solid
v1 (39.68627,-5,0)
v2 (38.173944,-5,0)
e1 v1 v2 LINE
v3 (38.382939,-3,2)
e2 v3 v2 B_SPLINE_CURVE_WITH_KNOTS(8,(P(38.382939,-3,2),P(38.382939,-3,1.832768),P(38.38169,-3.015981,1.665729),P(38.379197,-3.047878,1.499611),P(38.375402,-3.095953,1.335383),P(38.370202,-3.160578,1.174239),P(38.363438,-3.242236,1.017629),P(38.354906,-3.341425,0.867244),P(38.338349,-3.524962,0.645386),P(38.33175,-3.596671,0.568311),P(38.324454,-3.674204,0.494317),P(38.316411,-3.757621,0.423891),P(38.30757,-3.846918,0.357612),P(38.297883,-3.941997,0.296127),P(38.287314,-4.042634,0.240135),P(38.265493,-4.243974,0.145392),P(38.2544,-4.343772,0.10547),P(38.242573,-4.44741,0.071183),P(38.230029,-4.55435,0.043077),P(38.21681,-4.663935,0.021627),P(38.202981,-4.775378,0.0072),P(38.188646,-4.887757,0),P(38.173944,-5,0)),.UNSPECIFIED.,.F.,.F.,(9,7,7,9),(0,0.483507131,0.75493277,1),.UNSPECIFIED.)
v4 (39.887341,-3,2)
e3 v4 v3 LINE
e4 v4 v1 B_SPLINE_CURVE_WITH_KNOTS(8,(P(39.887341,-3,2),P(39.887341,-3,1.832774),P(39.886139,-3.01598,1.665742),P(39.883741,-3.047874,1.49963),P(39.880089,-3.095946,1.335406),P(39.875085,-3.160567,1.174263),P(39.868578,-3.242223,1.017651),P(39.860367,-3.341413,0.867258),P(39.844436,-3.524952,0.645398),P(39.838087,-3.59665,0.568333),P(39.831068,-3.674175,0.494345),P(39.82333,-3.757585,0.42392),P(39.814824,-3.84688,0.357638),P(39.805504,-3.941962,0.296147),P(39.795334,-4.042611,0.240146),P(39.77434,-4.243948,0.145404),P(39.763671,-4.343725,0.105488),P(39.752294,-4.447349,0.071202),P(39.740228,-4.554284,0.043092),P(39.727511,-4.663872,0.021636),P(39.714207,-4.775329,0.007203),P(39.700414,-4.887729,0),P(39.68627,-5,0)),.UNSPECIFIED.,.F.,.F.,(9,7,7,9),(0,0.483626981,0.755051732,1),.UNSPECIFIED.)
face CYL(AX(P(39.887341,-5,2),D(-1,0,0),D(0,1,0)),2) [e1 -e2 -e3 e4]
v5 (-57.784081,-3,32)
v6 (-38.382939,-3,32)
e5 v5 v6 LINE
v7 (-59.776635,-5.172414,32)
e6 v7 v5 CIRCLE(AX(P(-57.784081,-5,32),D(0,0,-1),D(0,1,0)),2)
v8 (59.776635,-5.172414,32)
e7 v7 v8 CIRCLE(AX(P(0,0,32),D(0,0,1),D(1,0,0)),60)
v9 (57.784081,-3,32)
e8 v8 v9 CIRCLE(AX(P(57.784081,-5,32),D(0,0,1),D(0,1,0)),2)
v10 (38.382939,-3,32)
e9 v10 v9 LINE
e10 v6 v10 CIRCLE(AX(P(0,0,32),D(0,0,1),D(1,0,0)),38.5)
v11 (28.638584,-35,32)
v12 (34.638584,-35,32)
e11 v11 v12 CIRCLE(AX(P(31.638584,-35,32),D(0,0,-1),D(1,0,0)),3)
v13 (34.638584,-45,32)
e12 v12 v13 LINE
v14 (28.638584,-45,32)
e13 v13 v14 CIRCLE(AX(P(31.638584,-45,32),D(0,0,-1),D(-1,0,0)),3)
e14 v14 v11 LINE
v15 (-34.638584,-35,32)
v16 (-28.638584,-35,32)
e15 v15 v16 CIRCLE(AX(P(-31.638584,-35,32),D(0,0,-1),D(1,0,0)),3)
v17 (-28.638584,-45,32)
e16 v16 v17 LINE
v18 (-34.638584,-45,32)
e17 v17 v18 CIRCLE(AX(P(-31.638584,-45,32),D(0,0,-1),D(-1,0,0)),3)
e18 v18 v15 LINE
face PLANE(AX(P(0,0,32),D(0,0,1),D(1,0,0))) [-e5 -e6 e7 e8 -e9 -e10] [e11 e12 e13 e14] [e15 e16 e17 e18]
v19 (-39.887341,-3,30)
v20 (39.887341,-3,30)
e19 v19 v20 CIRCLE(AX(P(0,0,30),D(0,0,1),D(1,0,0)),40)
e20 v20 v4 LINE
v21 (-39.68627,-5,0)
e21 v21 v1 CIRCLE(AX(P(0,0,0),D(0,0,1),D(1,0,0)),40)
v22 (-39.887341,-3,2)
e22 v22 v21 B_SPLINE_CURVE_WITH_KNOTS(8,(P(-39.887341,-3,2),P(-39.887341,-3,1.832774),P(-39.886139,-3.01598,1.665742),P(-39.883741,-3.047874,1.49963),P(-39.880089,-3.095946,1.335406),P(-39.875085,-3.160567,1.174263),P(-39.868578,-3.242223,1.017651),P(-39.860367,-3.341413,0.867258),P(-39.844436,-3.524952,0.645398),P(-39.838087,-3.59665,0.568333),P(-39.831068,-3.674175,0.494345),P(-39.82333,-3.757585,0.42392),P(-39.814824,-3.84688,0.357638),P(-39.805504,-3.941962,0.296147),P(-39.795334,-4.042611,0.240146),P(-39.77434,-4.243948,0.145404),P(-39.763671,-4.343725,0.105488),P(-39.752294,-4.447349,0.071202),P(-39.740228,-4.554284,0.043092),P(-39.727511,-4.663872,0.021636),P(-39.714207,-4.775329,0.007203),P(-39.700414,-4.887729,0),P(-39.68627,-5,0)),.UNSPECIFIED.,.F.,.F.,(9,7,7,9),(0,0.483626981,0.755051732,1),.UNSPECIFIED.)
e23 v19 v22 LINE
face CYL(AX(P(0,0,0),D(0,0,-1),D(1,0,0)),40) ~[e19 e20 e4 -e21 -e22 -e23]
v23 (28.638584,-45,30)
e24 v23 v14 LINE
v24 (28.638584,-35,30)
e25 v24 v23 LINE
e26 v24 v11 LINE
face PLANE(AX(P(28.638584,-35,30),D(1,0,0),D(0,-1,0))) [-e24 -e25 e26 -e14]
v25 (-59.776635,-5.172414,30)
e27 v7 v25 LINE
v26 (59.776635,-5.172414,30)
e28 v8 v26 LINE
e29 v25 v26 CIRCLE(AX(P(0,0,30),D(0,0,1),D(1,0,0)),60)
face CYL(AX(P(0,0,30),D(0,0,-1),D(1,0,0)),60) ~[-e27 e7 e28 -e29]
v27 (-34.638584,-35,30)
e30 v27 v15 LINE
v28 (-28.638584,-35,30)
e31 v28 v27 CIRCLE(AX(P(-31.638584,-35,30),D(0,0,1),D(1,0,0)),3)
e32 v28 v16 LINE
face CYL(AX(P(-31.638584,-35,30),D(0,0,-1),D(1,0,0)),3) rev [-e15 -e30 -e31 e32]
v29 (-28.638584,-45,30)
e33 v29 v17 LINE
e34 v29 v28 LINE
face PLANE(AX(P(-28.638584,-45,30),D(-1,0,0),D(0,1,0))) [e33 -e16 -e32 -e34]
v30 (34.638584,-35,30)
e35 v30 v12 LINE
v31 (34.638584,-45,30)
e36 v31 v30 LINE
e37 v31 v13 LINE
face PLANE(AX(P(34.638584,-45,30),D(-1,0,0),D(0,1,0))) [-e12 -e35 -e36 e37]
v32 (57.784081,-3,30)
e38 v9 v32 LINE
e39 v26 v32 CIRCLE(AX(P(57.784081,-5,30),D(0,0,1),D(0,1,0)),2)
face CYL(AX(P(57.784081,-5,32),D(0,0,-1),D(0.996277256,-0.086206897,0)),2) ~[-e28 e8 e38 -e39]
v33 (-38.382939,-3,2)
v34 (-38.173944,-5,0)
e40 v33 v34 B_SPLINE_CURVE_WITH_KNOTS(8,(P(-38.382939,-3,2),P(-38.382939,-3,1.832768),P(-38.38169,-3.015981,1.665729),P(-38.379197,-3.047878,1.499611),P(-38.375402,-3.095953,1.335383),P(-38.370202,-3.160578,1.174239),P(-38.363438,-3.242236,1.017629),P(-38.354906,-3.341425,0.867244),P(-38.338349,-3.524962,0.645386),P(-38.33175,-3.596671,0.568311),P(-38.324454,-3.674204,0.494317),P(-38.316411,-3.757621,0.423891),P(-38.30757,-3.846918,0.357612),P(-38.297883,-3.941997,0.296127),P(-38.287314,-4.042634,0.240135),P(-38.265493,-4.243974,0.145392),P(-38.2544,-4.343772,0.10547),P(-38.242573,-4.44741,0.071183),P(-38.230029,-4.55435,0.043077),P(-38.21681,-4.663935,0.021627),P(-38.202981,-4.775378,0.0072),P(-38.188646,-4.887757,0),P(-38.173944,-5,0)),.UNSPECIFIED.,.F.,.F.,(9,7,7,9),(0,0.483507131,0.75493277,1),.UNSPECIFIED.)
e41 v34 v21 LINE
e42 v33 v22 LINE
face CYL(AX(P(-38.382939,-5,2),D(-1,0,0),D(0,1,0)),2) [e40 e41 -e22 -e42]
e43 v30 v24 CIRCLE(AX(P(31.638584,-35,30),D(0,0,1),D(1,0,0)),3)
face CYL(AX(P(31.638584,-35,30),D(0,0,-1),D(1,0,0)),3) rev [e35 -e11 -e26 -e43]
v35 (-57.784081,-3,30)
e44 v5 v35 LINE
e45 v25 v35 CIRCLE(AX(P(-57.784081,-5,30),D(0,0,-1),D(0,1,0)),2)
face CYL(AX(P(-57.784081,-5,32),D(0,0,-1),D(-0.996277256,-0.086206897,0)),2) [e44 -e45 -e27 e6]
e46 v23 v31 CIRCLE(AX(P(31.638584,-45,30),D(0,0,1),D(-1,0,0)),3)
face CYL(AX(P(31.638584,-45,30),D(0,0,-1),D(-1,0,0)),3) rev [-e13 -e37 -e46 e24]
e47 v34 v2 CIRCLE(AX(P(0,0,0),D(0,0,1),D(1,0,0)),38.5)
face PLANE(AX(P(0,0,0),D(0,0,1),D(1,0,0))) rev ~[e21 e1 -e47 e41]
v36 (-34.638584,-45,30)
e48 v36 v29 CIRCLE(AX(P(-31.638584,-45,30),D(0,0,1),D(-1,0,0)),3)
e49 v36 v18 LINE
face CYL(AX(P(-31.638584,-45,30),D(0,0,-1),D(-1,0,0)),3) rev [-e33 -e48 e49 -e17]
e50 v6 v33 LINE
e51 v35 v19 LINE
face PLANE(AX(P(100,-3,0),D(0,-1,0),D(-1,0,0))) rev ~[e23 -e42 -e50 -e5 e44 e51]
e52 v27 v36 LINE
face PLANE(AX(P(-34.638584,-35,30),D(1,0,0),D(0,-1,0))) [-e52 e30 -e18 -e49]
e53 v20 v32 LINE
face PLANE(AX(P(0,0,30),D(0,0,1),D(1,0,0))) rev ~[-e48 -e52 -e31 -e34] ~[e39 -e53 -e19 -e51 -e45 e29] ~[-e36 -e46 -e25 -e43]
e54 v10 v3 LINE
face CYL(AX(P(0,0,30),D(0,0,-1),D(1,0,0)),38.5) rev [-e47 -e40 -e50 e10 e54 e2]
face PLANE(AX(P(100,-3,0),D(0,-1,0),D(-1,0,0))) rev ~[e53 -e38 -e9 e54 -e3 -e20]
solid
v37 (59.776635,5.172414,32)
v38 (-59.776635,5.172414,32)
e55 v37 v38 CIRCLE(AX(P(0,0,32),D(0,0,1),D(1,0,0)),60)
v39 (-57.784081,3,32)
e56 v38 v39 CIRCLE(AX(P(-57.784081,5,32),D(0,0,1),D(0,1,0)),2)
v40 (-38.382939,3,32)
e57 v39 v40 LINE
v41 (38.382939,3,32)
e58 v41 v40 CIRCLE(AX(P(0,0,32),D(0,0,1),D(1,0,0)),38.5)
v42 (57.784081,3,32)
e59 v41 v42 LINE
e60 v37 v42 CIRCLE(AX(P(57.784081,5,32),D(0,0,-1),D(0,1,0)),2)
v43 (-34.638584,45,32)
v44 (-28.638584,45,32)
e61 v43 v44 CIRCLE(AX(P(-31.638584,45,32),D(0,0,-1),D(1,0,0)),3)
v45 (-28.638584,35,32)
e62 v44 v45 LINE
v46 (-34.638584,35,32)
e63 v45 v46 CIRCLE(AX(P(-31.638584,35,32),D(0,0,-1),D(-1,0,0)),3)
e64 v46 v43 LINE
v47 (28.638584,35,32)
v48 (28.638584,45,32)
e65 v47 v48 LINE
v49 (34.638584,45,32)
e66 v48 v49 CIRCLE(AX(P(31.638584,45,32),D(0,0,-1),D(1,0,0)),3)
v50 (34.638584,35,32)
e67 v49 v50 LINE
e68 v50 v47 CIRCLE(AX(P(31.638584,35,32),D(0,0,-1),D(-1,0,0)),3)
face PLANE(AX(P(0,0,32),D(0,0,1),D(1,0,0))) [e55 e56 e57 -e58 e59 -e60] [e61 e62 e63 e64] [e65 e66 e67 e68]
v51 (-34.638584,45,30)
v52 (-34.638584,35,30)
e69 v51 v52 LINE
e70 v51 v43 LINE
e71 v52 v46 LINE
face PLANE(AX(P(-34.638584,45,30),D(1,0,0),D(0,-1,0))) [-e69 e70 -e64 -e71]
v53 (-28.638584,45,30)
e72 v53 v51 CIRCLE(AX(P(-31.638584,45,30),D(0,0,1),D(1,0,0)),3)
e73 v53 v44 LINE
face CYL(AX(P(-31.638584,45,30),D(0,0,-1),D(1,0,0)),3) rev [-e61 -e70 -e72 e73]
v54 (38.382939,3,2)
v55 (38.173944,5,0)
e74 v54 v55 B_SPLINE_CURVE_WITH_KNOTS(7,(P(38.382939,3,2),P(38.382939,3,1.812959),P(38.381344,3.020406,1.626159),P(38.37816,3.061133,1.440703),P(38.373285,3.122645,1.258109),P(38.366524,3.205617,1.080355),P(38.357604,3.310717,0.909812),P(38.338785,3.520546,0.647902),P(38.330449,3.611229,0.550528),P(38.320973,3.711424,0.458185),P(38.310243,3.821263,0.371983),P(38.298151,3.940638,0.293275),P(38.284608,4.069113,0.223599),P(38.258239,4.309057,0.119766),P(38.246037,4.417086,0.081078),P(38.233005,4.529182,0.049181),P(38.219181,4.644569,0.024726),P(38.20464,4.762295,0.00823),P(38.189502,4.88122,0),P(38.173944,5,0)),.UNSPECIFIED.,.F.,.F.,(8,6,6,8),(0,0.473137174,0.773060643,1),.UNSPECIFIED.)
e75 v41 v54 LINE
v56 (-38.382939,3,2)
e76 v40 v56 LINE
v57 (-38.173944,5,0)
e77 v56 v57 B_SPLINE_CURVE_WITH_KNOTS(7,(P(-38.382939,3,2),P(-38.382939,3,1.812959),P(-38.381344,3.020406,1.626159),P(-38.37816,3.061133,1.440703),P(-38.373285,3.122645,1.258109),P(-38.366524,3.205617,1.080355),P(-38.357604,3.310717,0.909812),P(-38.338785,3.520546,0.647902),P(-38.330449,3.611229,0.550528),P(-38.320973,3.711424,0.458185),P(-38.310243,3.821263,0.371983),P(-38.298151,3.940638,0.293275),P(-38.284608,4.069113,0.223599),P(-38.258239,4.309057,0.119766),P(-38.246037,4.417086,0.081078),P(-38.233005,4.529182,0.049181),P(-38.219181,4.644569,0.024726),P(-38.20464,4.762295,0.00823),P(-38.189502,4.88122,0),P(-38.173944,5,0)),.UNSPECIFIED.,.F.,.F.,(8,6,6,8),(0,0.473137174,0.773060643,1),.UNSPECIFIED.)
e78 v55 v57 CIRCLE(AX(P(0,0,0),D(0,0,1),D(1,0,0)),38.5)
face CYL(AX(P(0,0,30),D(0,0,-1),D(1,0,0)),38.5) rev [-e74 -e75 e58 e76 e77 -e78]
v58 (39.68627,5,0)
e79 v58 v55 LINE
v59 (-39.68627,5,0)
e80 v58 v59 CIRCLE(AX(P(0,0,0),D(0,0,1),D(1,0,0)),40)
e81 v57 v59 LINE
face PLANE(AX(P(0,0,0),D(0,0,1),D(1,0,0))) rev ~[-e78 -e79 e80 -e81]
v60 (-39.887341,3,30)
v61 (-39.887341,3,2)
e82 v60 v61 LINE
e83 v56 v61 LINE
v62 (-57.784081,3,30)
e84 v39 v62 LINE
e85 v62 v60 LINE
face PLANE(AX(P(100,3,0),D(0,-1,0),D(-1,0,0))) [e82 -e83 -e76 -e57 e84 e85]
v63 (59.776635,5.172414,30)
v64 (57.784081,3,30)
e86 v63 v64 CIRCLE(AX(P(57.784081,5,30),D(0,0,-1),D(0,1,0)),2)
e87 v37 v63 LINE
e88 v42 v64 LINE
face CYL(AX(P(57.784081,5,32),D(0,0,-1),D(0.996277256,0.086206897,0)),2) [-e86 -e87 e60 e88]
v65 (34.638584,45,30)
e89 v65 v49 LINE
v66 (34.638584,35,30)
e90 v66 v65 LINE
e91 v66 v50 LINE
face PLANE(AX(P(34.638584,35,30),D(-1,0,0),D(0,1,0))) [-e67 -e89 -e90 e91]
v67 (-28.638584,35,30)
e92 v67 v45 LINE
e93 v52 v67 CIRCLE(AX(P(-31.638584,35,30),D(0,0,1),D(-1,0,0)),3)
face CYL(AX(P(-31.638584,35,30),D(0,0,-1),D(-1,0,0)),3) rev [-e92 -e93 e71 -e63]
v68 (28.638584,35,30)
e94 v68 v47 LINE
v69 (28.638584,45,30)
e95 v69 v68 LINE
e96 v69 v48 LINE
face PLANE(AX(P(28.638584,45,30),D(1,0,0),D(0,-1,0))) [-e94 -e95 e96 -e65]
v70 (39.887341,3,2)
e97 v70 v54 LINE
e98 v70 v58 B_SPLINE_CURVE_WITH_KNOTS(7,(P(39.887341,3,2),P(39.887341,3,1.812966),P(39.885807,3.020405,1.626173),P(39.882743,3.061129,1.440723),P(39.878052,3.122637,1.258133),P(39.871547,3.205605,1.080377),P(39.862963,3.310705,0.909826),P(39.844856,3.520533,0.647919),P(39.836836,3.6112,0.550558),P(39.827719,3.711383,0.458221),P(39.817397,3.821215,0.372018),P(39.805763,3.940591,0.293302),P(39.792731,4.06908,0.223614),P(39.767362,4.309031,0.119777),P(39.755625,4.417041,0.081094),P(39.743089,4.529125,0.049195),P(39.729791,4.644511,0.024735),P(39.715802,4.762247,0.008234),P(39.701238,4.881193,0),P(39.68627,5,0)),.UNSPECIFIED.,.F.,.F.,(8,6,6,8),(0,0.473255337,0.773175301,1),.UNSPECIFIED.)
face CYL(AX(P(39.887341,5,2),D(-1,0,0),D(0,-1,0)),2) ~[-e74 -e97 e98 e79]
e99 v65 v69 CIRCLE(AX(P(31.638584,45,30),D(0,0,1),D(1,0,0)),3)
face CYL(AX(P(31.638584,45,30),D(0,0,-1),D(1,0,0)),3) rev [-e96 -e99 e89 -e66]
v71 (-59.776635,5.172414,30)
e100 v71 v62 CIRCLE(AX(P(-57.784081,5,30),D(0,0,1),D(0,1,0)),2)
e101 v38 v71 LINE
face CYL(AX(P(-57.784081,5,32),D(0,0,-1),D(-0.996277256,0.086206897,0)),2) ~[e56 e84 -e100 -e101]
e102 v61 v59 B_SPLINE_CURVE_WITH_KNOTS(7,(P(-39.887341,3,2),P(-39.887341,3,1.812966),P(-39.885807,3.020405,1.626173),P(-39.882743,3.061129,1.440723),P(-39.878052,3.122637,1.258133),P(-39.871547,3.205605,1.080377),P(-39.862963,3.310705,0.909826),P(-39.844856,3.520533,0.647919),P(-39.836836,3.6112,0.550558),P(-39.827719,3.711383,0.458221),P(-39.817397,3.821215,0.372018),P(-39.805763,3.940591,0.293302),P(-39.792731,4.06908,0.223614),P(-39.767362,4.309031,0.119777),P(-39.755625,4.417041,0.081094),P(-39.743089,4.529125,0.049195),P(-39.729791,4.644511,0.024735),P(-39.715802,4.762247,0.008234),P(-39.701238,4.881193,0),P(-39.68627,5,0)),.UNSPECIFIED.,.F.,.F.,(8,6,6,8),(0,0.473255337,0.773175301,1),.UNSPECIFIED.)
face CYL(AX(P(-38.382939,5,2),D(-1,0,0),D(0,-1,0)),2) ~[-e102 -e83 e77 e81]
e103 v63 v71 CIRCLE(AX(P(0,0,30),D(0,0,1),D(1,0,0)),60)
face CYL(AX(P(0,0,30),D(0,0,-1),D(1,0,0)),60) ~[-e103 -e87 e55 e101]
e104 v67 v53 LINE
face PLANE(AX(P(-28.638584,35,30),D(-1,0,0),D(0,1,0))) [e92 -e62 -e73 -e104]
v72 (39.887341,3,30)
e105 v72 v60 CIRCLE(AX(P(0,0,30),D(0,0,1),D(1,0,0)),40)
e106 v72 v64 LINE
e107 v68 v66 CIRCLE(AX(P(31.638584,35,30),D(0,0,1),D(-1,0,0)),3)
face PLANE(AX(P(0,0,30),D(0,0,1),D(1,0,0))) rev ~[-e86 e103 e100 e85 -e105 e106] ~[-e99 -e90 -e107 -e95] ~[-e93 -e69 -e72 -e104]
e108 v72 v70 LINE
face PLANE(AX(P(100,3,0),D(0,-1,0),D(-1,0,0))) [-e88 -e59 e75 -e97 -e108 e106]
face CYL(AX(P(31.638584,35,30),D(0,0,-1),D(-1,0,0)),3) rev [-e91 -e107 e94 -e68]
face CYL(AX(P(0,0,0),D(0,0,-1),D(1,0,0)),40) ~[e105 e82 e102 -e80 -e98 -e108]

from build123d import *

# Parameters (mm, degrees)
SKETCH_1_R          = 40
SKETCH_1_R_2        = 38.5
EXTRUDE_1_DEPTH     = 30
SKETCH_3_R          = 60
SKETCH_3_R_2        = 38.5
EXTRUDE_2_DEPTH     = 2
CUT_EXTRUDE_3_DEPTH = 91
SKETCH_2_W          = 200
SKETCH_2_H          = 6
CUT_EXTRUDE_2_DEPTH = 2000
FILLET_1_R          = 2
FILLET_2_R          = 2


with BuildPart() as part:
    # 草图1 → 凸台-拉伸1 (new body)
    with BuildSketch(Plane.XY):
        Circle(SKETCH_1_R)
        Circle(SKETCH_1_R_2, mode=Mode.SUBTRACT)
    extrude(amount=EXTRUDE_1_DEPTH)

    # 草图3 → 凸台-拉伸2 (add)
    with BuildSketch(Plane.XY.offset(30)):
        Circle(SKETCH_3_R)
        Circle(SKETCH_3_R_2, mode=Mode.SUBTRACT)
    extrude(amount=EXTRUDE_2_DEPTH)

    # 草图4 → 切除-拉伸3 (cut, through all)
    with BuildSketch(Plane(origin=(0, 0, 30), x_dir=(-1, 0, 0), z_dir=(0, 0, -1))):
        with BuildLine():
            Line((-34.638584039, -45), (-34.638584039, -35))
            ThreePointArc((-34.638584039, -35), (-31.638584039, -32), (-28.638584039, -35))
            Line((-28.638584039, -35), (-28.638584039, -45))
            ThreePointArc((-28.638584039, -45), (-31.638584039, -48), (-34.638584039, -45))
        make_face()
        with BuildLine():
            Line((28.638584039, -45), (28.638584039, -35))
            ThreePointArc((28.638584039, -35), (31.638584039, -32), (34.638584039, -35))
            Line((34.638584039, -35), (34.638584039, -45))
            ThreePointArc((34.638584039, -45), (31.638584039, -48), (28.638584039, -45))
        make_face()
        with BuildLine():
            Line((28.638584039, 35), (28.638584039, 45))
            ThreePointArc((28.638584039, 45), (31.638584039, 48), (34.638584039, 45))
            Line((34.638584039, 45), (34.638584039, 35))
            ThreePointArc((34.638584039, 35), (31.638584039, 32), (28.638584039, 35))
        make_face()
        with BuildLine():
            Line((-34.638584039, 35), (-34.638584039, 45))
            ThreePointArc((-34.638584039, 45), (-31.638584039, 48), (-28.638584039, 45))
            Line((-28.638584039, 45), (-28.638584039, 35))
            ThreePointArc((-28.638584039, 35), (-31.638584039, 32), (-34.638584039, 35))
        make_face()
    extrude(amount=-CUT_EXTRUDE_3_DEPTH, mode=Mode.SUBTRACT)

    # 草图2 → 切除-拉伸2 (cut)
    with BuildSketch(Plane(origin=(0, 0, 0), x_dir=(-1, 0, 0), z_dir=(0, 0, -1))):
        Rectangle(SKETCH_2_W, SKETCH_2_H)
    extrude(amount=-CUT_EXTRUDE_2_DEPTH, mode=Mode.SUBTRACT)


with BuildPart() as cut_extrude_2_piece_1:
    # of the separate pieces the step leaves, piece 1, a body of its own (cut_extrude_2_pieces)
    add(part.part.solids().sort_by_distance((-39.88734135, -3, 0))[0])

    # 圆角1
    fillet_1_edges = [cut_extrude_2_piece_1.edges().sort_by_distance(p)[0] for p in [
        (59.924953066, -3, 31),
        (-59.924953066, -3, 31),
        (-39.135140134, -3, 0),
        (39.135140134, -3, 0),
    ]]
    fillet(fillet_1_edges, radius=FILLET_1_R)


with BuildPart() as cut_extrude_2_piece_2:
    # of the separate pieces the step leaves, piece 2, a body of its own (cut_extrude_2_pieces)
    add(part.part.solids().sort_by_distance((39.88734135, 3, 0))[0])

    # 圆角2
    fillet_2_edges = [cut_extrude_2_piece_2.edges().sort_by_distance(p)[0] for p in [
        (59.924953066, 3, 31),
        (-59.924953066, 3, 31),
        (-39.135140134, 3, 0),
        (39.135140134, 3, 0),
    ]]
    fillet(fillet_2_edges, radius=FILLET_2_R)


solid = Compound([cut_extrude_2_piece_1.part, cut_extrude_2_piece_2.part])
